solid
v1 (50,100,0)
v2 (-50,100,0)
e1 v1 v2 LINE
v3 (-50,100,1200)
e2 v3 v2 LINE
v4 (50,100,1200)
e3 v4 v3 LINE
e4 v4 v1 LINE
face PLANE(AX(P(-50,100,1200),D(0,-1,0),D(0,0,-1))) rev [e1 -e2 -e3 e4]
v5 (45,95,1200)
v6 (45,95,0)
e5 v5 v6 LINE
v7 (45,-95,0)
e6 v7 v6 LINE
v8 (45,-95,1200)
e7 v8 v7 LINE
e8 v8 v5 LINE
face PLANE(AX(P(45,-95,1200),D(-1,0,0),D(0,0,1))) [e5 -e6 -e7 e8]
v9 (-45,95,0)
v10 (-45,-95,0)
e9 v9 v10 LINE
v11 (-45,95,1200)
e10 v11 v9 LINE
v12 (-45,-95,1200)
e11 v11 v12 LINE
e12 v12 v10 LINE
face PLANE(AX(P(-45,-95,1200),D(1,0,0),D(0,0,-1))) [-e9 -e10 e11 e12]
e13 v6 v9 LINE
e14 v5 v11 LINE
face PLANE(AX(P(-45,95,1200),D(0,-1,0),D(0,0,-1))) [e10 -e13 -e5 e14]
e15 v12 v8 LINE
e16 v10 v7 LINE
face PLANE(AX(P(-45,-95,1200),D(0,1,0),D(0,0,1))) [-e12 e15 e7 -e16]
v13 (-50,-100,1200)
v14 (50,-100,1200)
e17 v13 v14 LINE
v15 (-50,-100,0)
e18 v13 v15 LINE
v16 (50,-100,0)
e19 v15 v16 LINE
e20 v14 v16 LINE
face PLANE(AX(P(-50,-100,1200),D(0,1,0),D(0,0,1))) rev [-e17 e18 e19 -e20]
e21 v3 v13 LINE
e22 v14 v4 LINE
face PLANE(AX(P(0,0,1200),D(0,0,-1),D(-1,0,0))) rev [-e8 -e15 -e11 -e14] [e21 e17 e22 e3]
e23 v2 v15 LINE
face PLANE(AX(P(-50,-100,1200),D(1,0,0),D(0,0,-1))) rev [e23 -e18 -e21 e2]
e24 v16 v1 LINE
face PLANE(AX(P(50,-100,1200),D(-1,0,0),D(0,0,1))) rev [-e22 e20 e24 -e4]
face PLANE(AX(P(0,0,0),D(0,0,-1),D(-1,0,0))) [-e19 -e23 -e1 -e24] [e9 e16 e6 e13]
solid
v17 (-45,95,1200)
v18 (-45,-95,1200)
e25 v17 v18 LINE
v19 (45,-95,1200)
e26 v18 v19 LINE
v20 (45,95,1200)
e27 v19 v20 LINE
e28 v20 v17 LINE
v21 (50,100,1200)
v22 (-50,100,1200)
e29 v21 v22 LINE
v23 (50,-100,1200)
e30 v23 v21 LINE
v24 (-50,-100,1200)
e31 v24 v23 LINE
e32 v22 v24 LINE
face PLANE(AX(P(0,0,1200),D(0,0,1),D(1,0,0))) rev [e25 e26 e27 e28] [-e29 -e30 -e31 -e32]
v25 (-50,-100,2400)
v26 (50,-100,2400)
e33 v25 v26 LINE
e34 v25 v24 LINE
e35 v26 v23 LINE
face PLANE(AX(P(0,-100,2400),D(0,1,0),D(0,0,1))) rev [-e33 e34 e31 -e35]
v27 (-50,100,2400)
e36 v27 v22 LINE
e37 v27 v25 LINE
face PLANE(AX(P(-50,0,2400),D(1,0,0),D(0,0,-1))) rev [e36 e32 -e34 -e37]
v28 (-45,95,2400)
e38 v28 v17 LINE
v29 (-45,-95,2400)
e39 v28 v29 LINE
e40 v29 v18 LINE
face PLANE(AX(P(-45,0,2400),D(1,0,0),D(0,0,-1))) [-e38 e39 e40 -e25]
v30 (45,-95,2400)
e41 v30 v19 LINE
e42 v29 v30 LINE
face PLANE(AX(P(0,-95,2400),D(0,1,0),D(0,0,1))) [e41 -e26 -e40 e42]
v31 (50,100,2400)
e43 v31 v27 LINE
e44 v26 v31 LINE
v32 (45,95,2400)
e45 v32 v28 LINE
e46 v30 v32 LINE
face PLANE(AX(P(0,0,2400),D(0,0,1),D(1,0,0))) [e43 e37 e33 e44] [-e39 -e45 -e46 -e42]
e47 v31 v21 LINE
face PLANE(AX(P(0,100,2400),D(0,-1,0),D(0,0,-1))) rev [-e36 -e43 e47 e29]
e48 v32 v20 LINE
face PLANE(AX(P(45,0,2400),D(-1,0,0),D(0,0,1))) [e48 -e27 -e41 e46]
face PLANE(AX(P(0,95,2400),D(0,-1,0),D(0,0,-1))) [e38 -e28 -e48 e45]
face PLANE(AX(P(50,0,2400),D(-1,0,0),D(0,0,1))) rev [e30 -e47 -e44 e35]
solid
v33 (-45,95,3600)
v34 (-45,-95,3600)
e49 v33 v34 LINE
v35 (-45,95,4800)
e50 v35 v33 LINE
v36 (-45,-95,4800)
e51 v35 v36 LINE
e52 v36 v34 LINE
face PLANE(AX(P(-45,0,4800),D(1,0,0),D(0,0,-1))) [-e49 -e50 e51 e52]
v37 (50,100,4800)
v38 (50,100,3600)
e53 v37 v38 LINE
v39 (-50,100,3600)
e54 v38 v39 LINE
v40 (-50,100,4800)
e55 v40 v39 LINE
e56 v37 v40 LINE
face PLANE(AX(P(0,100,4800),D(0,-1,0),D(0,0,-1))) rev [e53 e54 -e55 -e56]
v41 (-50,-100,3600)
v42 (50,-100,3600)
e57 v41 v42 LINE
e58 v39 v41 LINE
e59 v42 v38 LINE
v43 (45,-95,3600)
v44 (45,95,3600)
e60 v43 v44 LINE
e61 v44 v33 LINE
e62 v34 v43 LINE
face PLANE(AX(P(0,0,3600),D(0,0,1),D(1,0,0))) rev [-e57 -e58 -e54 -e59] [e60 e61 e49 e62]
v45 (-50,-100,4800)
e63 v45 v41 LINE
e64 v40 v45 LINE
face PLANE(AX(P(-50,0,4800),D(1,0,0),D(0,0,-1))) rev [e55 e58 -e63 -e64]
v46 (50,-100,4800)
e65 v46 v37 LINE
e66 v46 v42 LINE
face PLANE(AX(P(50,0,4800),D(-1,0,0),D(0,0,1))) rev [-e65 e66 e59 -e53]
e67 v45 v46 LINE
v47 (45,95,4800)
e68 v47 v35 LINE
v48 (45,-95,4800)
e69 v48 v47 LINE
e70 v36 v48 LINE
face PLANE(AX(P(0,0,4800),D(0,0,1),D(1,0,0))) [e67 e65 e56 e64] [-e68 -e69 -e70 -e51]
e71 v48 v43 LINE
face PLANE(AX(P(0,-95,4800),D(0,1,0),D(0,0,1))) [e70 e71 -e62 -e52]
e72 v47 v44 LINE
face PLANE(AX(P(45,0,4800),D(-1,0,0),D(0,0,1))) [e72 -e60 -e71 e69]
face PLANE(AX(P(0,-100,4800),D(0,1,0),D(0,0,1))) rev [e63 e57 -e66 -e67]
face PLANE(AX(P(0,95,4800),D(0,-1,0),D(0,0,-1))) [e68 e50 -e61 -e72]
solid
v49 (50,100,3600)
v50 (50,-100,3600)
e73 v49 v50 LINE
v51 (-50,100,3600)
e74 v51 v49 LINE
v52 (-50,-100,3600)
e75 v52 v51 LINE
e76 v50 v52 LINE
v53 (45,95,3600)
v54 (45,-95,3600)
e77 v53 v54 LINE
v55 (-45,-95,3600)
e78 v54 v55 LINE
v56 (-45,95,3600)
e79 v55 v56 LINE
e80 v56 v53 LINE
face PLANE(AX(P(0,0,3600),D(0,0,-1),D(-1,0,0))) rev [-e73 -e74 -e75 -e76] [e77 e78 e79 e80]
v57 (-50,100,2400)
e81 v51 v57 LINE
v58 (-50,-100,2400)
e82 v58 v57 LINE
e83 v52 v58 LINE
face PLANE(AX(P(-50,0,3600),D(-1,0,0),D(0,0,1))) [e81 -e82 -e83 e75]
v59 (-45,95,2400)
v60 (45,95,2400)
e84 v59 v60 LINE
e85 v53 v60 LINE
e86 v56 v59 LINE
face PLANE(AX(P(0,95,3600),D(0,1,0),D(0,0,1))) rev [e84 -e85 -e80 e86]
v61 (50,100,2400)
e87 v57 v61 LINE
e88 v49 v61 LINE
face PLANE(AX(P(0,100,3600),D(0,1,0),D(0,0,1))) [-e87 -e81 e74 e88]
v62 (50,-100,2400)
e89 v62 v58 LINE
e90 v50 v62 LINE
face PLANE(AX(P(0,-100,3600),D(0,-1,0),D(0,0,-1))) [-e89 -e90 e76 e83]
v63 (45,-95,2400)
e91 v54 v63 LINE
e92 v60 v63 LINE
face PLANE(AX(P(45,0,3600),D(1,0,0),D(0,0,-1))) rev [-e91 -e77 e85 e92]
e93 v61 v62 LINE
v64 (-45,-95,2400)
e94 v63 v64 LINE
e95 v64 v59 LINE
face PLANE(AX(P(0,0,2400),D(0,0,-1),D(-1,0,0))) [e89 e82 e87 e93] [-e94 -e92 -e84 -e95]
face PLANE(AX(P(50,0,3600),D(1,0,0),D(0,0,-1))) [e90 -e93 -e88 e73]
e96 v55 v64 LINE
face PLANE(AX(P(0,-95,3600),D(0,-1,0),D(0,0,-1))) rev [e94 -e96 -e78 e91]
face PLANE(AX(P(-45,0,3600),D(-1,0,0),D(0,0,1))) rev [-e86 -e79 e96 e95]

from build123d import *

# Parameters (mm, degrees)
SKETCH_1_W      = 100
SKETCH_1_H      = 200
SKETCH_1_W_2    = 90
SKETCH_1_H_2    = 190
EXTRUDE_1_DEPTH = 1200
EXTRUDE_START   = 1200
SKETCH_1_2_W    = 100
SKETCH_1_2_H    = 200
SKETCH_1_2_W_2  = 90
SKETCH_1_2_H_2  = 190
EXTRUDE_2_DEPTH = 1200
EXTRUDE_START_2 = 2400
SKETCH_1_3_W    = 100
SKETCH_1_3_H    = 200
SKETCH_1_3_W_2  = 90
SKETCH_1_3_H_2  = 190
EXTRUDE_3_DEPTH = 1200
EXTRUDE_START_3 = 3600
SKETCH_1_4_W    = 100
SKETCH_1_4_H    = 200
SKETCH_1_4_W_2  = 90
SKETCH_1_4_H_2  = 190
EXTRUDE_4_DEPTH = 1200


with BuildPart() as part:
    # Эскиз1 → Бобышка-Вытянуть1 (new body)
    with BuildSketch(Plane.XY):
        Rectangle(SKETCH_1_W, SKETCH_1_H)
        Rectangle(SKETCH_1_W_2, SKETCH_1_H_2, mode=Mode.SUBTRACT)
    extrude(amount=EXTRUDE_1_DEPTH)


with BuildPart() as body_2:
    # Эскиз1<2> → Бобышка-Вытянуть2 (new body)
    with BuildSketch(Plane.XY.offset(EXTRUDE_START)):
        Rectangle(SKETCH_1_2_W, SKETCH_1_2_H)
        Rectangle(SKETCH_1_2_W_2, SKETCH_1_2_H_2, mode=Mode.SUBTRACT)
    extrude(amount=EXTRUDE_2_DEPTH)


with BuildPart() as body_3:
    # Эскиз1<3> → Бобышка-Вытянуть3 (new body)
    with BuildSketch(Plane.XY.offset(EXTRUDE_START_2)):
        Rectangle(SKETCH_1_3_W, SKETCH_1_3_H)
        Rectangle(SKETCH_1_3_W_2, SKETCH_1_3_H_2, mode=Mode.SUBTRACT)
    extrude(amount=EXTRUDE_3_DEPTH)


with BuildPart() as body_4:
    # Эскиз1<4> → Бобышка-Вытянуть4 (new body)
    with BuildSketch(Plane.XY.offset(EXTRUDE_START_3)):
        Rectangle(SKETCH_1_4_W, SKETCH_1_4_H)
        Rectangle(SKETCH_1_4_W_2, SKETCH_1_4_H_2, mode=Mode.SUBTRACT)
    extrude(amount=EXTRUDE_4_DEPTH)


solid = Compound([part.part, body_2.part, body_3.part, body_4.part])
